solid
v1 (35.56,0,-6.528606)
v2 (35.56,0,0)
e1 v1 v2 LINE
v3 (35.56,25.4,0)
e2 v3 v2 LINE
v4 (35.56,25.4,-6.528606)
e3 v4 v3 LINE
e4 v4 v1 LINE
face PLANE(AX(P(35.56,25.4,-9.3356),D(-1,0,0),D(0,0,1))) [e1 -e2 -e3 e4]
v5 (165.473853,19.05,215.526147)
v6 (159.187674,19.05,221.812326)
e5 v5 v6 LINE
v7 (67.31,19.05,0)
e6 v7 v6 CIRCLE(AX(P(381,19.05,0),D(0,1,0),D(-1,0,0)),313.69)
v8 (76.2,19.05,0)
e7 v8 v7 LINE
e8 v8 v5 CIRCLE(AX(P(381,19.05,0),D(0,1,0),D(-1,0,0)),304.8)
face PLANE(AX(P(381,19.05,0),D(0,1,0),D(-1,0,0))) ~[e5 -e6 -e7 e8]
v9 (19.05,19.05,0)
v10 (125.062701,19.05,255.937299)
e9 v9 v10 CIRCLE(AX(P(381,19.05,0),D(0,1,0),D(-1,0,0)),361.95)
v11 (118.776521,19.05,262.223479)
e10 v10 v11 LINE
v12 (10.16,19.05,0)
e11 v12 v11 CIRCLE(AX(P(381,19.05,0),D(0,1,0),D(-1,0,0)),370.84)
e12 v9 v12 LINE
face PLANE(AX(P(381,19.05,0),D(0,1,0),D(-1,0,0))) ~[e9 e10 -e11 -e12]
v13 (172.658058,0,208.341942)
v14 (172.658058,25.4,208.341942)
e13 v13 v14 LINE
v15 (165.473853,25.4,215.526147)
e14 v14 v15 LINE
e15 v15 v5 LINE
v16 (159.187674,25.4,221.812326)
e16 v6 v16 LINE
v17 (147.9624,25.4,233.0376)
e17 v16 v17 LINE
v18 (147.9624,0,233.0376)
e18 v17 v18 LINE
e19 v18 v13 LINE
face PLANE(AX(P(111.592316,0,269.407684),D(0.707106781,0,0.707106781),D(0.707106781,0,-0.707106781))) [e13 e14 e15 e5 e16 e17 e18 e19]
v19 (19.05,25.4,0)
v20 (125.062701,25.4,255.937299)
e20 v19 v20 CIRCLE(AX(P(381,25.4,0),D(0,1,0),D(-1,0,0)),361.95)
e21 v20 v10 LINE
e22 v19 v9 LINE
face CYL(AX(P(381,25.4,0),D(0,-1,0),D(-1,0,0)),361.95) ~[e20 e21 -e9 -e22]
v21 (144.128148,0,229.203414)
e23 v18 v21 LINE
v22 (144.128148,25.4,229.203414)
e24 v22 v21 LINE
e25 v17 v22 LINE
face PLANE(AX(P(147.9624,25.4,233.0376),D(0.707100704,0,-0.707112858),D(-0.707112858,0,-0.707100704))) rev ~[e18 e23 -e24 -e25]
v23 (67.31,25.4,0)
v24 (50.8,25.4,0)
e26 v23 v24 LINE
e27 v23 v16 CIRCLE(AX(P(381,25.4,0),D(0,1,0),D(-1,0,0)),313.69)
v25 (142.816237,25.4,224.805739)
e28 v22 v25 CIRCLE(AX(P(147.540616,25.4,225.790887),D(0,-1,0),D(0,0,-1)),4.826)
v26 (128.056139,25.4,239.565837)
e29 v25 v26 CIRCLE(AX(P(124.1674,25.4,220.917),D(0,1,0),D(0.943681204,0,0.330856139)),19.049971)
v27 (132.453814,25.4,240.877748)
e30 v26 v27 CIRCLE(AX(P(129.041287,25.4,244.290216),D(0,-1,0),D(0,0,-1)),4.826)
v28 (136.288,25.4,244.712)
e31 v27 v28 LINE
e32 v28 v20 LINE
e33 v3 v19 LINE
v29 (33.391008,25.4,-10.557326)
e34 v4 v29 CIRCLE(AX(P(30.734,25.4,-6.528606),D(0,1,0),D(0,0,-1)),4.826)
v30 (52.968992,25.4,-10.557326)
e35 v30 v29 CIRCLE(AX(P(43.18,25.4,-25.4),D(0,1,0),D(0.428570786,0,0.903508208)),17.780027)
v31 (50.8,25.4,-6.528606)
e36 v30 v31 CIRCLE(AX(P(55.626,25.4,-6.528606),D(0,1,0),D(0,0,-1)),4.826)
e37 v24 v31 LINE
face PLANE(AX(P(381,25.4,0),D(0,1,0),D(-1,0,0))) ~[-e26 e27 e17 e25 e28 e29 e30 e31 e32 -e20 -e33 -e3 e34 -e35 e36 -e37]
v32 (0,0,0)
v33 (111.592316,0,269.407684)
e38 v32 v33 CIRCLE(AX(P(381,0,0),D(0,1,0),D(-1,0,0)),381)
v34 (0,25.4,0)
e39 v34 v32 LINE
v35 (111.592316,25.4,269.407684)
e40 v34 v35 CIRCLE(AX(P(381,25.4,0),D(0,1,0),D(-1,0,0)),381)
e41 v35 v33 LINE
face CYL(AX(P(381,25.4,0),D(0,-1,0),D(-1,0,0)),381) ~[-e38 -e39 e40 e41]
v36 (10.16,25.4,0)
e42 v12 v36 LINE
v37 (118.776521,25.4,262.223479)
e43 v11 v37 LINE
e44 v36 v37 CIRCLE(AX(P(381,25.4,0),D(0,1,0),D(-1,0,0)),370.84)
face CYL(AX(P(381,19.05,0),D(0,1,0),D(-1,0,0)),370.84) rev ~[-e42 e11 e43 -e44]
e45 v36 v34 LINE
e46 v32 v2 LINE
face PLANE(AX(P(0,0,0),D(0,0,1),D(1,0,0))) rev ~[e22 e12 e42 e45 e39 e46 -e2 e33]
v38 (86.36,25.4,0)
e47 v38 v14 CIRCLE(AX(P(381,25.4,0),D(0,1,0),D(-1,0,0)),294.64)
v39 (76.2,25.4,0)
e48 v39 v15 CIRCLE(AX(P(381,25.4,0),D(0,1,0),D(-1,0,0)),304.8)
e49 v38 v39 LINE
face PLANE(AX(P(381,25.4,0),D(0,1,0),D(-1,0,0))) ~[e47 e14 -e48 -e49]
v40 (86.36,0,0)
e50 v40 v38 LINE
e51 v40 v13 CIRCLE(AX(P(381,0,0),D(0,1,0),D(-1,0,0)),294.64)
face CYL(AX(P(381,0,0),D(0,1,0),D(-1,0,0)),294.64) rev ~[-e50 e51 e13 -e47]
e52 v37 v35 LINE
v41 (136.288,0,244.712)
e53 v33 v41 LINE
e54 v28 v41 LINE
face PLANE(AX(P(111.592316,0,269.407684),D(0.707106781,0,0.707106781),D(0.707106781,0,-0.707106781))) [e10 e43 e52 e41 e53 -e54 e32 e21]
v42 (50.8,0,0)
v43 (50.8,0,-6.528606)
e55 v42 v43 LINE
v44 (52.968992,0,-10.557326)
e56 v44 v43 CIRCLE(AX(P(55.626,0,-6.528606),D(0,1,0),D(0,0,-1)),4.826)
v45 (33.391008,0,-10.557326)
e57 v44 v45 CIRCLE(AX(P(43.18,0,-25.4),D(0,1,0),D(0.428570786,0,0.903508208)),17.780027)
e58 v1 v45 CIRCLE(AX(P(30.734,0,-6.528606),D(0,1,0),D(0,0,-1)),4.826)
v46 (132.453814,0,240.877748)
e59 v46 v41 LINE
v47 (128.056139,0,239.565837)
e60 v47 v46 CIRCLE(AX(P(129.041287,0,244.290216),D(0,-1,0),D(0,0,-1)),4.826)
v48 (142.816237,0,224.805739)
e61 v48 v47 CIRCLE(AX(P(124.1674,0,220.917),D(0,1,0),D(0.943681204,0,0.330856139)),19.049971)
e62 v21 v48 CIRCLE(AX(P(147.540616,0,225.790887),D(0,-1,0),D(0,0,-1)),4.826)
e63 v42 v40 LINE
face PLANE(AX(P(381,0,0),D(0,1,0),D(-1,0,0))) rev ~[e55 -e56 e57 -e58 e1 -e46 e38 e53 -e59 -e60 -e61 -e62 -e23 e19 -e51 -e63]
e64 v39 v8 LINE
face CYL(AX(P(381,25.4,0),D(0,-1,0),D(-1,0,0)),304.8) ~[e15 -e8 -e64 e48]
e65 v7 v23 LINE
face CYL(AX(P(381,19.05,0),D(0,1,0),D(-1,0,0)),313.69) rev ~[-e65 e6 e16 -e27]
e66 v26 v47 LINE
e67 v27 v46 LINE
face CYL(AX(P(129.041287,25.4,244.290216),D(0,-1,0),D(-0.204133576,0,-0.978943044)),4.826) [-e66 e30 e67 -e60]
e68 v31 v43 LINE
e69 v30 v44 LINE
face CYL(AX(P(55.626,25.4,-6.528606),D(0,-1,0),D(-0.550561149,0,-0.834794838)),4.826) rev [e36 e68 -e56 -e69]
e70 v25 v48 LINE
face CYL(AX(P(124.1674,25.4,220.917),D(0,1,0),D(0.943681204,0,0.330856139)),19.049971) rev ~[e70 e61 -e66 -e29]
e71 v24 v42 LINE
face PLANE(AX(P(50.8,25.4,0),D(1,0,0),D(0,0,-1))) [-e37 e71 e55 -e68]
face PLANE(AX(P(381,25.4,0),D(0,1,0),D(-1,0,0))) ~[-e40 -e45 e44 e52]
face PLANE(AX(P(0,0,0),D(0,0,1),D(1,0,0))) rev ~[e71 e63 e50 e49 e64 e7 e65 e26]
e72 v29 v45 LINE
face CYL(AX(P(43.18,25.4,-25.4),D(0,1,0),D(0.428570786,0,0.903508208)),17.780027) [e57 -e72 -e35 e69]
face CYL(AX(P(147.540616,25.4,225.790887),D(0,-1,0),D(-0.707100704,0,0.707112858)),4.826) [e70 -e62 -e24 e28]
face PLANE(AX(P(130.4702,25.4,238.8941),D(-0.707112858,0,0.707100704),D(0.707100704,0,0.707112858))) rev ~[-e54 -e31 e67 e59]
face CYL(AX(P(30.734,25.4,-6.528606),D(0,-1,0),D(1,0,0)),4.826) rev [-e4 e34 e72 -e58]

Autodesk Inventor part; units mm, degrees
ref_plane "YZ Plane" through (0, 0, 0) normal (1, 0, 0) x (0, 1, 0)
ref_plane "XZ Plane" through (0, 0, 0) normal (0, 1, 0) x (-1, 0, 0)
ref_plane "XY Plane" through (0, 0, 0) normal (0, 0, 1) x (1, 0, 0)
sketch "MainSketch1" plane through (0, 0, 0) normal (0, 0, 1) x (1, 0, 0)
  line L0 (0, 0) -> (86.36, 0)
  line L1 (86.36, 0) -> (86.36, 25.4)
  line L2 (86.36, 25.4) -> (76.2, 25.4)
  line L3 (76.2, 25.4) -> (76.2, 19.05)
  line L4 (76.2, 19.05) -> (67.31, 19.05)
  line L5 (67.31, 19.05) -> (67.31, 25.4)
  line L6 (67.31, 25.4) -> (19.05, 25.4)
  line L7 (19.05, 25.4) -> (19.05, 19.05)
  line L8 (19.05, 19.05) -> (10.16, 19.05)
  line L9 (10.16, 19.05) -> (10.16, 25.4)
  line L10 (10.16, 25.4) -> (0, 25.4)
  line L11 (0, 25.4) -> (0, 0)
  line L12 (381, 0) -> (381, 63.5) construction
  dimension "d0" = 86.36
  dimension "d1" = 10.16
  dimension "d2" = 19.05
  dimension "d3" = 67.31
  dimension "d4" = 76.2
  dimension "d5" = 19.05
  dimension "d6" = 25.4
  dimension "d7" = 25.4
  dimension "d8" = 19.05
  dimension "d9" = 25.4
  dimension "d10" = 381
  dimension "d30" = 63.5
revolve "MainRevolution1" add sketch "MainSketch1" angle 45 about axis through (381, 0, 0) along (0, 1, 0)
sketch "HeadSketch" plane through (19.05, 25.4, 0) normal (0, 1, 0) x (1, 0, 0)
  line L0 (48.26, 0) -> (0, 0) projected
  arc A0 (31.75, 9.3356) -> (16.51, 9.3356) centre (24.13, 25.4) ccw
  arc A1 (-19.05, 0) -> (92.5423, -269.4077) centre (361.95, 0) ccw projected
  arc A2 (67.31, 0) -> (153.6081, -208.3419) centre (361.95, 0) ccw projected
  line L1 (-8.89, 0) -> (-19.05, 0) projected
  line L2 (67.31, 0) -> (57.15, 0) projected
  line L3 (57.15, 0) -> (48.26, 0) projected
  line L4 (0, 0) -> (-8.89, 0) projected
  line L5 (92.5423, -269.4077) -> (99.7265, -262.2235) projected
  line L6 (99.7265, -262.2235) -> (106.0127, -255.9373) projected
  line L7 (140.1377, -221.8123) -> (146.4239, -215.5261) projected
  line L8 (146.4239, -215.5261) -> (153.6081, -208.3419)
  line L9 (16.51, 0) -> (31.75, 0)
  line L10 (31.75, 0) -> (31.75, 9.3356)
  line L11 (16.51, 9.3356) -> (16.51, 0)
  line L12 (106.0127, -255.9373) -> (140.1377, -221.8123) projected
  arc A3 (123.0945, -227.2198) -> (111.4202, -238.8941) centre (105.1174, -220.917) ccw
  line L13 (128.9124, -233.0376) -> (123.0945, -227.2198)
  line L14 (111.4202, -238.8941) -> (117.238, -244.712)
  line L15 (117.238, -244.712) -> (128.9124, -233.0376)
  line L16 (123.0945, -227.2198) -> (111.4202, -238.8941) construction
  line L17 (105.1174, -220.917) -> (123.0752, -238.8748) construction
  point P0 (24.13, 0)
  dimension "d12" = 43.18
  dimension "d13" = 25.4
  dimension "d14" = 35.56
  dimension "d15" = 15.24
  dimension "d16" = 43.18
  dimension "d26" = 38.1
  dimension "d27" = 16.51
  dimension "d32" = 90
  dimension "d33" = 90
  dimension "d34" = 17.9578
extrude "TopHeadExtrusion1" add sketch "HeadSketch" against normal blind 25.4 contours L0 L11 A0 L10
extrude "BottomHeadCut" cut sketch "HeadSketch" against normal through all contours L12 L14 A3 L13
fillet "NeckFillet" radius 4.826 4 edges at (50.8, 12.7, -9.3356) (35.56, 12.7, -9.3356) (142.1445, 12.7, 227.2198) (130.4702, 12.7, 238.8941)
properties part number "CurvedTrack"
